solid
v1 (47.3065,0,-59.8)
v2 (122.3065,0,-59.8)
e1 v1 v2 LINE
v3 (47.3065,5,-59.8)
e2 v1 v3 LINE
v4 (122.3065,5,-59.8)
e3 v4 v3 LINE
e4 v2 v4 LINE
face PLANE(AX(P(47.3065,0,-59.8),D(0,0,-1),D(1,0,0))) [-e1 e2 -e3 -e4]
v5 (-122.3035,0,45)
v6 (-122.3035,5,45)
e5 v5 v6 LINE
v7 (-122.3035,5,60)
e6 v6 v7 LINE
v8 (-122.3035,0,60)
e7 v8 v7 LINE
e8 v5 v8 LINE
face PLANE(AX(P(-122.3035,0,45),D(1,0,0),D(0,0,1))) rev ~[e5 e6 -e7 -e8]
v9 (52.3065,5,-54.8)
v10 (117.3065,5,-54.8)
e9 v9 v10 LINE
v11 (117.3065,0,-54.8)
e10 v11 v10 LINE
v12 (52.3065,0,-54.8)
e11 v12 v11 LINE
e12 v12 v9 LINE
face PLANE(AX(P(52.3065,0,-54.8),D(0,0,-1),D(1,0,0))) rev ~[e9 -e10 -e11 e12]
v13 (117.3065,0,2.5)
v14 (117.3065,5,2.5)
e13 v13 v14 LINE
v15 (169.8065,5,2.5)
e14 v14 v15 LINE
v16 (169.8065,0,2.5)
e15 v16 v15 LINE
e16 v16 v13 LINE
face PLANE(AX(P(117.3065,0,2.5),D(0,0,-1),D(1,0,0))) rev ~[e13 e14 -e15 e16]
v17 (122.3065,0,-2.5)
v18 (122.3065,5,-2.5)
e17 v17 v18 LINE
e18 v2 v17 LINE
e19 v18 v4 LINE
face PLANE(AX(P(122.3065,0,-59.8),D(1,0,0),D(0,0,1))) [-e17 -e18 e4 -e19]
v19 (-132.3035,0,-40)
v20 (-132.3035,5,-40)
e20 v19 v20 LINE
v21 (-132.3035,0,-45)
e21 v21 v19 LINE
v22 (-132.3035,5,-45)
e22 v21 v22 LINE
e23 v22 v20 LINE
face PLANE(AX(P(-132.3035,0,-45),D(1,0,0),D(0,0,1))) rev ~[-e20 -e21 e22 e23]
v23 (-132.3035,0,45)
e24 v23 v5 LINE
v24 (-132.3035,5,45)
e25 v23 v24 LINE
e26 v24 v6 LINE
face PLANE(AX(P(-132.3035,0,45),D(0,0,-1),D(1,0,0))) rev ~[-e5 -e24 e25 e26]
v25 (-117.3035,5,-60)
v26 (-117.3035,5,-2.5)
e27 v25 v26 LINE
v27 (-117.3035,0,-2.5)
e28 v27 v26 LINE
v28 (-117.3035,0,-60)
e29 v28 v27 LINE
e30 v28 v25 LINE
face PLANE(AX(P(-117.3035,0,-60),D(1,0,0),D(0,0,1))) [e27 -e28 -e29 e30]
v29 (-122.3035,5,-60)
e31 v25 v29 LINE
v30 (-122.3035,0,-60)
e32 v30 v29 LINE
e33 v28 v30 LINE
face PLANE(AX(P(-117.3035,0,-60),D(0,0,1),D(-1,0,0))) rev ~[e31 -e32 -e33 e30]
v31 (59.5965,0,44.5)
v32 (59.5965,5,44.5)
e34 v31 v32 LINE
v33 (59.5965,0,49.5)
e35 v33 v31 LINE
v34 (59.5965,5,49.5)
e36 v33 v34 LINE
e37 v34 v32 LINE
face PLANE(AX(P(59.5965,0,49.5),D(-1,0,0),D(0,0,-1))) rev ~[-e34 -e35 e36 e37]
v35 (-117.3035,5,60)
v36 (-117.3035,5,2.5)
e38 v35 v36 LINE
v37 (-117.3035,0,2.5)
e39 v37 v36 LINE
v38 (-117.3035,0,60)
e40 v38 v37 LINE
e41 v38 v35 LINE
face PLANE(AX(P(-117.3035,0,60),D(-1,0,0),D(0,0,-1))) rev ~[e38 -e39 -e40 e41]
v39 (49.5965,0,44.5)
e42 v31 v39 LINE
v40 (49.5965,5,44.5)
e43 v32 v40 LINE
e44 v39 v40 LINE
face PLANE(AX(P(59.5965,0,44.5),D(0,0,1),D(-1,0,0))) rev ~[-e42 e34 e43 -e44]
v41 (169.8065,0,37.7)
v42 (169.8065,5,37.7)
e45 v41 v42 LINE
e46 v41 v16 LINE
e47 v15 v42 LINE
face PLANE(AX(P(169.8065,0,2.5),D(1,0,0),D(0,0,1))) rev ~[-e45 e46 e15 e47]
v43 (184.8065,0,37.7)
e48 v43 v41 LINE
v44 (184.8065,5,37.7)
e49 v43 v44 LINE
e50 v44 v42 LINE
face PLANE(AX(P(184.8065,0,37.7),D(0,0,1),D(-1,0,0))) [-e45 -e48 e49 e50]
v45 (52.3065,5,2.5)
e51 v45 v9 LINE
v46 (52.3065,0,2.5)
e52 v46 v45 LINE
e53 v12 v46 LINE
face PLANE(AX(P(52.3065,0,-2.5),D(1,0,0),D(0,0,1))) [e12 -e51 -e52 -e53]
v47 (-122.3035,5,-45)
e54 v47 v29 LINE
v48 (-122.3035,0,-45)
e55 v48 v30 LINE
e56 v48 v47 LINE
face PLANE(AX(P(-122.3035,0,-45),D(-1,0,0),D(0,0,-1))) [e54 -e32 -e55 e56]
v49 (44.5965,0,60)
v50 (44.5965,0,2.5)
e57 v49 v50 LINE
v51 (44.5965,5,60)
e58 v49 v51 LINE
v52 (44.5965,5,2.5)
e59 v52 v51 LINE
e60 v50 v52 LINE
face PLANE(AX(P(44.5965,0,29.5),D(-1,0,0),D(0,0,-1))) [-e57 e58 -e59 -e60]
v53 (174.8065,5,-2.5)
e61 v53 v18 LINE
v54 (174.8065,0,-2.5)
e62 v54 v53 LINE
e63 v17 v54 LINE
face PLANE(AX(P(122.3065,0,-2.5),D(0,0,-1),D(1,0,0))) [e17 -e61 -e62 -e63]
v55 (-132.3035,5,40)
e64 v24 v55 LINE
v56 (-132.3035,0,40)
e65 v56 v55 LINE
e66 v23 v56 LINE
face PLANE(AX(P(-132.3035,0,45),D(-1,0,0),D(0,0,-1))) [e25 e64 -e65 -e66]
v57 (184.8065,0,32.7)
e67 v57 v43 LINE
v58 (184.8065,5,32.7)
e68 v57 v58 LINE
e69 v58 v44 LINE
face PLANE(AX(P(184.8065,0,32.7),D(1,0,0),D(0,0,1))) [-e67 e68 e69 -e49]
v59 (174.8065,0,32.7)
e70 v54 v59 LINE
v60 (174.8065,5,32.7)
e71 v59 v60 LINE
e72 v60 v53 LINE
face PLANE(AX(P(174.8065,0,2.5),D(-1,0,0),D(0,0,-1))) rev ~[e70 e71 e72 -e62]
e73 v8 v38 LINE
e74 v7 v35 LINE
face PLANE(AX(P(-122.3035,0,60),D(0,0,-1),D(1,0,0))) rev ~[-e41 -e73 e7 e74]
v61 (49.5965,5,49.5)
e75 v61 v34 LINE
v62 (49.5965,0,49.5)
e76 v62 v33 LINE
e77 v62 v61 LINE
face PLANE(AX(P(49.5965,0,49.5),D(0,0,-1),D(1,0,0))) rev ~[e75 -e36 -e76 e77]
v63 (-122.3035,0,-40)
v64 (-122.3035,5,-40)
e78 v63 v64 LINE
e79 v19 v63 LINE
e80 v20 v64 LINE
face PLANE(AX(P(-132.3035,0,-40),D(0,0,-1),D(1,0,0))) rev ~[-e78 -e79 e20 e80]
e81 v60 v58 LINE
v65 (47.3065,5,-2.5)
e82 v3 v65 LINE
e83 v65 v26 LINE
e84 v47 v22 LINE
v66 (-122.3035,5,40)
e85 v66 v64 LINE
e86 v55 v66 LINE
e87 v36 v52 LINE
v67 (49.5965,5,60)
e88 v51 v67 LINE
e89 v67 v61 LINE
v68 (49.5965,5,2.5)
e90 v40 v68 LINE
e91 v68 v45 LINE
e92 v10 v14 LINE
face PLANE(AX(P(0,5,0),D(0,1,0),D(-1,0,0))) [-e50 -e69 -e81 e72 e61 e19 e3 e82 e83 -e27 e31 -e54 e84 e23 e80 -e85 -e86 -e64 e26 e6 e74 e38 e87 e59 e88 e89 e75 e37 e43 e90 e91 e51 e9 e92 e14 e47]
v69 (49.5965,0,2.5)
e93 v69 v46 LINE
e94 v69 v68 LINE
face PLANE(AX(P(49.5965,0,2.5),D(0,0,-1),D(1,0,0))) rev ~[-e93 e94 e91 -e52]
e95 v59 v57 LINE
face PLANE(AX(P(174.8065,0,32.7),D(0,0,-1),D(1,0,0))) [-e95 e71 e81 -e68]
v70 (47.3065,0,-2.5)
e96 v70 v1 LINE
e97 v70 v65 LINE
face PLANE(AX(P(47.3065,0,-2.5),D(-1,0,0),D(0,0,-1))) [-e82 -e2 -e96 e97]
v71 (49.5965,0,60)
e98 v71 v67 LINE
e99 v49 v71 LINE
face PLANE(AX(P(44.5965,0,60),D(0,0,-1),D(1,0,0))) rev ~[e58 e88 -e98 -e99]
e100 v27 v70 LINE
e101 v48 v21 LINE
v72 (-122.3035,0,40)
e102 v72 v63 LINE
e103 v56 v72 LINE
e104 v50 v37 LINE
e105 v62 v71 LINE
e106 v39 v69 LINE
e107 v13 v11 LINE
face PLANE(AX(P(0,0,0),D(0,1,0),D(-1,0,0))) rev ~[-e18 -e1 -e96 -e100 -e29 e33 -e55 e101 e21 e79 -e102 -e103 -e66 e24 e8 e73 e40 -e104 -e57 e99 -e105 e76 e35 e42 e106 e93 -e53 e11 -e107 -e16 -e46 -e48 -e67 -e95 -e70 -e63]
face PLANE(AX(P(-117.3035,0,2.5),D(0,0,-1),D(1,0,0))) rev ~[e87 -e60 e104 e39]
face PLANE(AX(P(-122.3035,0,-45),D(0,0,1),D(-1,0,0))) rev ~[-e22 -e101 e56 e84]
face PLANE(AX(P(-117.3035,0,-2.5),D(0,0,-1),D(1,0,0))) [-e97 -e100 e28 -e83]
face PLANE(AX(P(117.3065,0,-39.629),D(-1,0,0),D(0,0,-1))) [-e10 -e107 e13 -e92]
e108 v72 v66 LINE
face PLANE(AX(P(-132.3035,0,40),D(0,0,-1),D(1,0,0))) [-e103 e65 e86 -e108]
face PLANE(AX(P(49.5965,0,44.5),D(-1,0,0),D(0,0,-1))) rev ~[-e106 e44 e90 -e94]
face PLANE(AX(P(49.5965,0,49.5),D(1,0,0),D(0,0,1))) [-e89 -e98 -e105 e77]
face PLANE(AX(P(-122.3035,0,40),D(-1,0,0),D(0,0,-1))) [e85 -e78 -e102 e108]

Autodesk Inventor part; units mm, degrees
ref_plane "YZ Plane" through (0, 0, 0) normal (1, 0, 0) x (0, 1, 0)
ref_plane "XZ Plane" through (0, 0, 0) normal (0, 1, 0) x (-1, 0, 0)
ref_plane "XY Plane" through (0, 0, 0) normal (0, 0, 1) x (1, 0, 0)
sketch "Sketch1" plane through (0, 0, 0) normal (0, 1, 0) x (-1, 0, 0)
  line L0 (142.3035, 60) -> (-142.3035, 60)
  line L1 (-142.3035, 60) -> (-142.3035, -60)
  line L2 (-142.3035, -60) -> (142.3035, -60)
  line L3 (142.3035, -60) -> (142.3035, 60)
  line L4 (142.3035, 45) -> (122.3035, 45)
  line L5 (122.3035, 45) -> (122.3035, -45)
  line L6 (122.3035, -45) -> (142.3035, -45)
  line L7 (132.3035, 45) -> (132.3035, 40)
  line L8 (132.3035, 40) -> (122.3035, 40)
  line L9 (132.3035, -45) -> (132.3035, -40)
  line L10 (132.3035, -40) -> (122.3035, -40)
  line L11 (122.3035, -45) -> (122.3035, -60)
  line L12 (117.3035, -60) -> (117.3035, -2.5)
  line L13 (117.3035, -2.5) -> (-142.3035, -2.5)
  line L14 (122.3035, 45) -> (122.3035, 60)
  line L15 (117.3035, 60) -> (117.3035, 2.5)
  line L16 (117.3035, 2.5) -> (-142.3035, 2.5)
  line L17 (-169.8065, 2.5) -> (-169.8065, 37.7)
  line L18 (-169.8065, 37.7) -> (-142.3035, 37.7)
  line L19 (-142.3035, 32.7) -> (-174.8065, 32.7)
  line L20 (-174.8065, 32.7) -> (-174.8065, 2.5)
  line L21 (-49.5965, 60) -> (-49.5965, 67.5)
  line L22 (-49.5965, 60) -> (-49.5965, 67.5)
  line L23 (-49.5965, 60) -> (-49.5965, 55.5)
  line L24 (-44.5965, 49.5) -> (-49.5965, 49.5)
  line L25 (-49.5965, 49.5) -> (-49.5965, 55.5)
  line L26 (-44.5965, 29.5) -> (-44.5965, 2.5)
  line L27 (-49.5965, 50.5) -> (-49.5965, 2.5)
  line L28 (-47.3065, -2.5) -> (-47.3065, -39.629)
  line L29 (-117.3065, -39.629) -> (-117.3065, -35.2)
  line L30 (-52.3065, -35.2) -> (-52.3065, -2.5)
  line L31 (-174.8065, 2.5) -> (-174.8065, -2.5)
  line L32 (-117.3065, -35.2) -> (-117.3065, -2.5)
  line L33 (-122.3065, -2.5) -> (-122.3065, -39.629)
  line L34 (-122.3065, -39.629) -> (-117.3065, -39.629)
  line L35 (-117.3065, -2.5) -> (-117.3065, 2.5)
  line L36 (-122.3065, -2.5) -> (-122.3065, 2.5)
  line L37 (-52.3065, -2.5) -> (-52.3065, 2.5)
  line L38 (-47.3065, -39.629) -> (-47.3065, -59.8)
  line L39 (-47.3065, -59.8) -> (-52.3065, -59.8)
  line L40 (-52.3065, -59.8) -> (-52.3065, -35.2)
  line L41 (-52.3065, -59.8) -> (-122.3065, -59.8)
  line L42 (-122.3065, -59.8) -> (-122.3065, -39.629)
  line L43 (-117.3065, -39.629) -> (-117.3065, -59.8)
  line L44 (-52.3065, -54.8) -> (-117.3065, -54.8)
  line L45 (0, -2.5) -> (0, 2.5)
  line L46 (-174.8065, 32.7) -> (-184.8065, 32.7)
  line L47 (-184.8065, 32.7) -> (-184.8065, 37.7)
  line L48 (-184.8065, 37.7) -> (-142.3035, 37.7)
  line L49 (-44.5965, 29.5) -> (-44.5965, 49.5)
  line L50 (-49.5965, 49.9226) -> (-49.5965, 49.5)
  line L51 (-44.5965, 49.5) -> (-44.5965, 64.5)
  line L52 (-44.5965, 64.5) -> (-49.5965, 64.5)
  line L53 (-49.5965, 49.5) -> (-59.5965, 49.5)
  line L54 (-59.5965, 49.5) -> (-59.5965, 44.5)
  line L55 (-59.5965, 44.5) -> (-49.5965, 44.5)
  line L56 (117.3035, -2.5) -> (117.3035, 2.5)
  line L57 (-142.3035, -2.5) -> (-174.8065, -2.5)
  line L58 (-142.3035, 2.5) -> (-169.8065, 2.5)
  point P0 (0, 0)
  point P1 (142.3035, 0)
  point P2 (0, -60)
  point P3 (-158.555, 32.7)
  point P4 (-14.5965, 67.5)
  point P5 (-14.5965, 60)
  point P6 (-159.8035, 32.7)
  point P7 (-44.5965, 60)
  point P8 (-169.8065, 32.7)
  dimension "d0" = 284.607
  dimension "d1" = 120
  dimension "d2" = 15
  dimension "d3" = 15
  dimension "d4" = 10
  dimension "d5" = 5
  dimension "d6" = 5
  dimension "d7" = 5
  dimension "d14" = 0
  dimension "d15" = 0
  dimension "d17" = 12.3
  dimension "d18" = 57.5
  dimension "d19" = 57.5
  dimension "d20" = 5
  dimension "d26" = 171.9
  dimension "d30" = 4.5
  dimension "d34" = 20
  dimension "d36" = 174.61
  dimension "d37" = 5
  dimension "d38" = 5
  dimension "d39" = 65
  dimension "d42" = 9.8
  dimension "d43" = 5
  dimension "d48" = 297.11
  dimension "d49" = 5
  dimension "d50" = 15
  dimension "d51" = 4.5
  dimension "d52" = 5
  dimension "d53" = 5
  dimension "d54" = 15
  dimension "d55" = 10
extrude "Extrusion1" add sketch "Sketch1" along normal blind 5 contours L14 L5 L11 L2 L12 L56 L15 L0 | L4 L7 L8 L5 | L51 L24 L25 L23 L0 | L56 L13 L45 L16 | L6 L5 L10 L9 | L49 L26 L16 L27 L24 | L45 L13 L37 L16 | L27 L55 L54 L53 | L28 L38 L39 L40 L30 L13 | L17 L19 L46 L47 L48 | L57 L31 L20 L19 L17 L58 L1 | L1 L16 L36 L13 | L35 L13 L36 L16 | L32 L29 L34 L33 L13 | L40 L41 L43 L44 | L34 L43 L41 L42
properties part number "Positioning Stencil"
